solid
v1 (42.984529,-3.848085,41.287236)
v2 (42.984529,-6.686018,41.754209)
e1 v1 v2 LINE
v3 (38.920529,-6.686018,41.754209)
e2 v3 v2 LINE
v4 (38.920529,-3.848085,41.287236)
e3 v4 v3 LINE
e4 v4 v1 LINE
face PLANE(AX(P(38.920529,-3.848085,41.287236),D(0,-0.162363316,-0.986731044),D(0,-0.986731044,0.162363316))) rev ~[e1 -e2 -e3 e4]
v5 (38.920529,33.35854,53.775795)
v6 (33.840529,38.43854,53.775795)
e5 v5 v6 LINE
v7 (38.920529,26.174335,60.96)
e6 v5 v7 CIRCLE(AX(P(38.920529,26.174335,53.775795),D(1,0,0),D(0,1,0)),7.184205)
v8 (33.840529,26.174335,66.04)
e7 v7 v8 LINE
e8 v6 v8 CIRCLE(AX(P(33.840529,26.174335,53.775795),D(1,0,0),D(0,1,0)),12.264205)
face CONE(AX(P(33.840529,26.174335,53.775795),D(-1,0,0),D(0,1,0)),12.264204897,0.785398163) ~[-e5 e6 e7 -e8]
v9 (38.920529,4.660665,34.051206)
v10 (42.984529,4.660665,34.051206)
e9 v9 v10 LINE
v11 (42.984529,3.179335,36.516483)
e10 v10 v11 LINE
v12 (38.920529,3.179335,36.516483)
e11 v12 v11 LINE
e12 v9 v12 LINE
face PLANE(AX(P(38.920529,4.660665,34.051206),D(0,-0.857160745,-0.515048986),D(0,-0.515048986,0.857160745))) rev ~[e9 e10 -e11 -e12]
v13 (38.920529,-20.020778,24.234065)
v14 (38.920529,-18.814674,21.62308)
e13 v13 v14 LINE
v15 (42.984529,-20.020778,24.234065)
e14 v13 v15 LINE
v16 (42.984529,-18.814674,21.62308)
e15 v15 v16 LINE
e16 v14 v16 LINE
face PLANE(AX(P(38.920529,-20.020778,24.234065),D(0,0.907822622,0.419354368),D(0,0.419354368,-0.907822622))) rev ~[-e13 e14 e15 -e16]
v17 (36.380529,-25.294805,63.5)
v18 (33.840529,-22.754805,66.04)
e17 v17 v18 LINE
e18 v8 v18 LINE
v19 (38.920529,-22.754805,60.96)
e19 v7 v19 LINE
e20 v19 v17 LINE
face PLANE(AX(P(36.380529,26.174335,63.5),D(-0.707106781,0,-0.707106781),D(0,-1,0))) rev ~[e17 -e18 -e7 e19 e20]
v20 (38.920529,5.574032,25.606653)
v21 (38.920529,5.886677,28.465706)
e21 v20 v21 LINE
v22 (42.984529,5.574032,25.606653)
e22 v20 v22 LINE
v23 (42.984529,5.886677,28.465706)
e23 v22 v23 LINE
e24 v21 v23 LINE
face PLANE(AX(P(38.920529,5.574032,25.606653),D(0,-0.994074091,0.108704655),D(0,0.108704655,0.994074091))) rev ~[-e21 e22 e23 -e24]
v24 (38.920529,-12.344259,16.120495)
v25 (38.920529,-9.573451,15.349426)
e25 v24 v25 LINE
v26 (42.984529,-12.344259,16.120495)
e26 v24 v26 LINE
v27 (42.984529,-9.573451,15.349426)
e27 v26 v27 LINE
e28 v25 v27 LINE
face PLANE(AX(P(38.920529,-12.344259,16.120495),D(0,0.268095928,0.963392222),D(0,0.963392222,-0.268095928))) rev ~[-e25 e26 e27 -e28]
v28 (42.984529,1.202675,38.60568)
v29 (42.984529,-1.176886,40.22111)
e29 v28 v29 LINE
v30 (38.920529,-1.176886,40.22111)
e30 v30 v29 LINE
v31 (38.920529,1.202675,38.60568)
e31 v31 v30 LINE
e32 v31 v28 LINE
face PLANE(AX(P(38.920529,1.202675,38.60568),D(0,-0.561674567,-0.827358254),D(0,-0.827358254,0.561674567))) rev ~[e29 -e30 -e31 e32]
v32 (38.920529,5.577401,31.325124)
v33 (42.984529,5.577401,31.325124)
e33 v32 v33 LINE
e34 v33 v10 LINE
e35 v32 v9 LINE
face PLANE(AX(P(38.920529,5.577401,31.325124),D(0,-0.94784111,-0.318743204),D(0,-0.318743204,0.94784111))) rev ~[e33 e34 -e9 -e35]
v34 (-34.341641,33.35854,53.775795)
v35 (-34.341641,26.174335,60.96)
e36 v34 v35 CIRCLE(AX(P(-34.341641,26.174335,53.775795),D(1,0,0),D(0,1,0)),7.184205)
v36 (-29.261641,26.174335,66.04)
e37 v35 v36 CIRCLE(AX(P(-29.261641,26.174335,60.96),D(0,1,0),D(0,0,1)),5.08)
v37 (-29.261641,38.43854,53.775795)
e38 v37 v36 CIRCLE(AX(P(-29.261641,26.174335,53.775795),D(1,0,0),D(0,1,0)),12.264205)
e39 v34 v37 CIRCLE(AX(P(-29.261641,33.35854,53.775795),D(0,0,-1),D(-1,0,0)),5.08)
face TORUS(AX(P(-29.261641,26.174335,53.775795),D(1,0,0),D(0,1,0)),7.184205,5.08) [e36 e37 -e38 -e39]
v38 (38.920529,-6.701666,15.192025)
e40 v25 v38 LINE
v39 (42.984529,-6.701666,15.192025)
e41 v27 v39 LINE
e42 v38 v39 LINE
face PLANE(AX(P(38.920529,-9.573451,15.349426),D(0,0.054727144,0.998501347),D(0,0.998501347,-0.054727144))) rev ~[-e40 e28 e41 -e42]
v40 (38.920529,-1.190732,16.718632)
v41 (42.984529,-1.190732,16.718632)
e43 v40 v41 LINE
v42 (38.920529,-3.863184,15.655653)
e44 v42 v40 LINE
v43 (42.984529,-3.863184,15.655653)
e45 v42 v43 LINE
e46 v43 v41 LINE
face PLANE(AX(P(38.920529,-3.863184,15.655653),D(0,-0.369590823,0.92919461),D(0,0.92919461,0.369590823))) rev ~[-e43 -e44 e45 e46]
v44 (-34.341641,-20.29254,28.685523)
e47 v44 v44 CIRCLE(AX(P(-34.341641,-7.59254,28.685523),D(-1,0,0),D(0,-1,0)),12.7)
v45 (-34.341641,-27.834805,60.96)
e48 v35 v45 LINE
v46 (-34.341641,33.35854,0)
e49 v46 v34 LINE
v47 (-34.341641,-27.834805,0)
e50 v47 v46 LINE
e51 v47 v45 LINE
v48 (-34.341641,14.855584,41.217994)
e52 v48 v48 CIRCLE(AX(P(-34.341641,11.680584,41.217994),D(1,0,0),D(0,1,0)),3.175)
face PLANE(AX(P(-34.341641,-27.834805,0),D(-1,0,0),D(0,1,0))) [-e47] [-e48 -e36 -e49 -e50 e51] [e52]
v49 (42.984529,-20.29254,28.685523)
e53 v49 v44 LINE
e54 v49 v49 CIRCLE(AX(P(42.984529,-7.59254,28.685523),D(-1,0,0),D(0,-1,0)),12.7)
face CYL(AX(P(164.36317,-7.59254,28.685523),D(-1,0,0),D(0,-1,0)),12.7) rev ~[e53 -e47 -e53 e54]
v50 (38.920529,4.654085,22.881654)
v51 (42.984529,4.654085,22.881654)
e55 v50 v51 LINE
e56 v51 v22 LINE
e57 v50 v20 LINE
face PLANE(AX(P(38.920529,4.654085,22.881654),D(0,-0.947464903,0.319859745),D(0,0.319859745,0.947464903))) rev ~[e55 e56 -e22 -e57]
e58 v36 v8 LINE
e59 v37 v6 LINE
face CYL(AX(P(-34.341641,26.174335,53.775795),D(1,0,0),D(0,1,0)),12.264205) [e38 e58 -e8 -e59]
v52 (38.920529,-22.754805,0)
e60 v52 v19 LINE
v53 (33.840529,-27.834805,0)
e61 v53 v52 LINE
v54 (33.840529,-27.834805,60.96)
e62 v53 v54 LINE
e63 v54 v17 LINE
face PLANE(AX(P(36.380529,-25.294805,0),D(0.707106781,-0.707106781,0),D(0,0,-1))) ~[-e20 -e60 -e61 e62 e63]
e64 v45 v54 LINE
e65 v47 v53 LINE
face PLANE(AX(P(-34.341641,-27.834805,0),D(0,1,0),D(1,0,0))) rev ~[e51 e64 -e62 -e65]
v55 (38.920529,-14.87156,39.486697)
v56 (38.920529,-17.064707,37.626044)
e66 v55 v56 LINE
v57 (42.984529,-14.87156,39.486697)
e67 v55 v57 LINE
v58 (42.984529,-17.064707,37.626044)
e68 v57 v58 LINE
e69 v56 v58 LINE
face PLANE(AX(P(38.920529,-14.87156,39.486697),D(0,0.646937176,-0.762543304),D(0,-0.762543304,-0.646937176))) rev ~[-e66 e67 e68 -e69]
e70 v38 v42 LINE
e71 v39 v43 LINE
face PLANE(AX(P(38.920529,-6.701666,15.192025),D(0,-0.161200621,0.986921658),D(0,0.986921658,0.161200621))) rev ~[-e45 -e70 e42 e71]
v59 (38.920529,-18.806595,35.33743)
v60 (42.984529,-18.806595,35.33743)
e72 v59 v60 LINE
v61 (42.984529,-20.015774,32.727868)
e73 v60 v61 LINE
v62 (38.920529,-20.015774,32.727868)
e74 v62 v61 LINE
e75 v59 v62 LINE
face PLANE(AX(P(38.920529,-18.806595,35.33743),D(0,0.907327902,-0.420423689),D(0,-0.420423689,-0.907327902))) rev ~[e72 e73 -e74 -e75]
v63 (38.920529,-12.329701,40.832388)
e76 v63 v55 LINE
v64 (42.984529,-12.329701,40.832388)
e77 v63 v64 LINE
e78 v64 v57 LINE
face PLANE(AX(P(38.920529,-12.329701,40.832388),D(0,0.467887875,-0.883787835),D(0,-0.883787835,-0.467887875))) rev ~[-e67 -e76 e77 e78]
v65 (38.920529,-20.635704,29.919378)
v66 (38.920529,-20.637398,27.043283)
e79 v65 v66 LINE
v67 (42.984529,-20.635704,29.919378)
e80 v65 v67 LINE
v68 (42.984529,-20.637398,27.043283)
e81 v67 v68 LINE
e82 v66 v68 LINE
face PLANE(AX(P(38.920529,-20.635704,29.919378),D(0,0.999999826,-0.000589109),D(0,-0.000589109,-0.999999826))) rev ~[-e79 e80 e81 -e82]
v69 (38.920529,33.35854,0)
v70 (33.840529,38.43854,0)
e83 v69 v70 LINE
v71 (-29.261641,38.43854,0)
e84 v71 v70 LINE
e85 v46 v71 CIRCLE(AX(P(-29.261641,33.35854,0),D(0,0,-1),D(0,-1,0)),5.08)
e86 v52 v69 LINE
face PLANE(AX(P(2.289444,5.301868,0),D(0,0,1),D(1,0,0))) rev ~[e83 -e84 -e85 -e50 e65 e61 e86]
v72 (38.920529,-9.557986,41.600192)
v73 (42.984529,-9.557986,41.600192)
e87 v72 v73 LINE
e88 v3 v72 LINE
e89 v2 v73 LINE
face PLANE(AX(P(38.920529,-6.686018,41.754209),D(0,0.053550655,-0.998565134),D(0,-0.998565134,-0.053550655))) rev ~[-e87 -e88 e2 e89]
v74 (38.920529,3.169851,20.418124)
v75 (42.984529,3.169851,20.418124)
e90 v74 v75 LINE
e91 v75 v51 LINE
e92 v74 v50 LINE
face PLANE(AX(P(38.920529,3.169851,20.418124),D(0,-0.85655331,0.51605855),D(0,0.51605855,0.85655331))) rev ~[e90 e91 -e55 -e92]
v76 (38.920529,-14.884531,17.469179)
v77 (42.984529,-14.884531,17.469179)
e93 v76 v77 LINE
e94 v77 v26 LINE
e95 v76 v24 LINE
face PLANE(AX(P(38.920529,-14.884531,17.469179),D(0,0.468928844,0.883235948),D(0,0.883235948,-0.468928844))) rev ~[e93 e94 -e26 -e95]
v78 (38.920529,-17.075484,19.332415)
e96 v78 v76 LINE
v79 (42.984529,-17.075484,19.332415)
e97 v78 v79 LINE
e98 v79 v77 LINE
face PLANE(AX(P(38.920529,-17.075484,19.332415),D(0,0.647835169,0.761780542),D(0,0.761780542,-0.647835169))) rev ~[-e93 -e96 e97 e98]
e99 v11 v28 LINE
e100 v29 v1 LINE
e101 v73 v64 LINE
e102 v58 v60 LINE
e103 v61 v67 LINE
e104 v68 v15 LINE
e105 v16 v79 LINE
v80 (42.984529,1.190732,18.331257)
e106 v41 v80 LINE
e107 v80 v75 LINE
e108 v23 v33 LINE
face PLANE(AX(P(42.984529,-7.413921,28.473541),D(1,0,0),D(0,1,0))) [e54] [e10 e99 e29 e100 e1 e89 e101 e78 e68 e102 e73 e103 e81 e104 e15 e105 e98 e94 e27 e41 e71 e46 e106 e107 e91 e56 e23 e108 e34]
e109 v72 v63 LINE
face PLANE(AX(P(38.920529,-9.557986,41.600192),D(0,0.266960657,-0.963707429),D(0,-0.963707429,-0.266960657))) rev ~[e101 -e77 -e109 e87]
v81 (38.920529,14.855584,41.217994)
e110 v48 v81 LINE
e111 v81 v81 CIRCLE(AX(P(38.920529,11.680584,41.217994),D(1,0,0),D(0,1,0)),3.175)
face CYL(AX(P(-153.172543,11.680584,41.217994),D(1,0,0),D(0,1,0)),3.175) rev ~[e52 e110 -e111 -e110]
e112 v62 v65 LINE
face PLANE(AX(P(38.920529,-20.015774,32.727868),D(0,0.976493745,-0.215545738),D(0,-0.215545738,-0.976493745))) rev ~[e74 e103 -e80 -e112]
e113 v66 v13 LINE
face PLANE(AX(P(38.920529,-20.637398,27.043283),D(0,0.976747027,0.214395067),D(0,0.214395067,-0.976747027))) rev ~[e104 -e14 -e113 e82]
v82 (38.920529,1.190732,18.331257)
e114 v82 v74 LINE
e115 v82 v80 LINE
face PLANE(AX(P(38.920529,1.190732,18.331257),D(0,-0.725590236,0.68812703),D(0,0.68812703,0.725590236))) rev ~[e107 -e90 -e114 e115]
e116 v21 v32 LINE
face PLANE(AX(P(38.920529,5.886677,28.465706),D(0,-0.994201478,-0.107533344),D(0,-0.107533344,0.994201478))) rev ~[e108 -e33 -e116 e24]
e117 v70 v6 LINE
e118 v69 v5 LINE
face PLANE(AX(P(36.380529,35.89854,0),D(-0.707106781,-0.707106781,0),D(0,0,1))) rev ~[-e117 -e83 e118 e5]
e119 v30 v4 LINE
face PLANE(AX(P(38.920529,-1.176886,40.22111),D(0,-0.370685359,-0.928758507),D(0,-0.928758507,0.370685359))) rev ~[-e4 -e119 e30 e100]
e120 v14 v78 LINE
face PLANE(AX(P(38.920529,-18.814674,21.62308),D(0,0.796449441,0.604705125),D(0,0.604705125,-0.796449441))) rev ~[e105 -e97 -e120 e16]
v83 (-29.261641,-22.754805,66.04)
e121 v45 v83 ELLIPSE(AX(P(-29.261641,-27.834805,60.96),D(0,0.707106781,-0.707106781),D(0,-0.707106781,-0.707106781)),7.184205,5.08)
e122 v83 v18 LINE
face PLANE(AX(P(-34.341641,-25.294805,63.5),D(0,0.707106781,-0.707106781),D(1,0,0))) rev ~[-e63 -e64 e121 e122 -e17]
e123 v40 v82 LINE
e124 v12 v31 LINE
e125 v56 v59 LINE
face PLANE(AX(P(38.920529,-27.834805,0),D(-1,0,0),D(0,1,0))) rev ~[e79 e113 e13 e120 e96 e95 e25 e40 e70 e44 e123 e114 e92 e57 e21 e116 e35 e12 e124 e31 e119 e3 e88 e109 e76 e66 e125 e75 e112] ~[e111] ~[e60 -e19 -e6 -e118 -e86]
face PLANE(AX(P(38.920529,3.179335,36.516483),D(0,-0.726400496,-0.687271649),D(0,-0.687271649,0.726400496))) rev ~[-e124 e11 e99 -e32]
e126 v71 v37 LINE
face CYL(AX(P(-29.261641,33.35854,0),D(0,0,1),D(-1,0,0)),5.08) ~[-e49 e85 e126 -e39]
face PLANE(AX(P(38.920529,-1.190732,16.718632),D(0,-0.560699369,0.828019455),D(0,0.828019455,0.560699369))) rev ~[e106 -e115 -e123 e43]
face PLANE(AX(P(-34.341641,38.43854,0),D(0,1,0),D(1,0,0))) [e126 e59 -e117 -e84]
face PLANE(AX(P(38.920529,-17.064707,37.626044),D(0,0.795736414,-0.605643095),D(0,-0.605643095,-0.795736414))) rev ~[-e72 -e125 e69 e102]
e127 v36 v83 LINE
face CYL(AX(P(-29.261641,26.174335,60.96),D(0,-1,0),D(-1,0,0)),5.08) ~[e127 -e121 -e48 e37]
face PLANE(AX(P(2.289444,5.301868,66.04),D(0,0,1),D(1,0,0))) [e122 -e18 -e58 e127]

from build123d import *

# Parameters (mm, degrees)
F0_W      = 73.2621699572
F0_H      = 66.2733446807
F1_DEPTH  = 66.04
F2_R      = 12.2642048969
F4_D      = 6.35
F5_SIZE   = 5.08
F6_SIZE   = 5.08
F7_SIZE   = 5.08
F8_R      = 5.08
F10_DEPTH = 4.064
F12_D     = 25.4


with BuildPart() as f1:
    # F0 (on Top) → F1 (new body)
    with BuildSketch(Plane.XY):
        with Locations((2.2894442081, 5.3018676117)):
            Rectangle(F0_W, F0_H)
    extrude(amount=F1_DEPTH)

    # F2
    f2_edges = [f1.edges().sort_by_distance(p)[0] for p in [
        (2.289444, 38.43854, 66.04),
    ]]
    fillet(f2_edges, radius=F2_R)

    # F4 (through all)
    with Locations(Plane(origin=(-34.3416407704, 0, 0), x_dir=(0, -1, 0), z_dir=(-1, 0, 0))):
        with Locations((-11.6805844009, 41.2179939449)):
            Hole(F4_D / 2)

    # F5
    f5_edges = [f1.edges().sort_by_distance(p)[0] for p in [
        (2.289444, -27.834805, 66.04),
    ]]
    chamfer(f5_edges, length=F5_SIZE)

    # F6
    f6_edges = [f1.edges().sort_by_distance(p)[0] for p in [
        (38.920529, -27.834805, 30.48),
    ]]
    chamfer(f6_edges, length=F6_SIZE)

    # F7
    f7_edges = [f1.edges().sort_by_distance(p)[0] for p in [
        (38.920529, 34.846438, 62.447898),
    ]]
    chamfer(f7_edges, length=F7_SIZE)

    # F8
    f8_edges = [f1.edges().sort_by_distance(p)[0] for p in [
        (-34.341641, 34.846438, 62.447898),
    ]]
    fillet(f8_edges, radius=F8_R)

    # F9 (on face) → F10 (join)
    with BuildSketch(Plane.YZ.offset(38.9205291867)):
        Polygon((-1.1907316289, 16.7186320739), (1.1907316289, 18.3312571628), (3.169850874, 20.4181241781), (4.6540846899, 22.8816535376), (5.5740319532, 25.6066533465), (5.8866769522, 28.4657056424), (5.5774007542, 31.3251243174), (4.6606647705, 34.0512061324), (3.1793345569, 36.5164825315), (1.2026754677, 38.6056799302), (-1.1768861149, 40.2211097802), (-3.848084536, 41.2872363771), (-6.6860175264, 41.7542088262), (-9.5579864934, 41.6001920146), (-12.3297013601, 40.8323875974), (-14.87155982, 39.4866972558), (-17.0647073965, 37.6260439744), (-18.8065949465, 35.3374298329), (-20.015773744, 32.7278678847), (-20.6357039325, 29.9193783463), (-20.6373982652, 27.0432830671), (-20.0207775172, 24.2340650658), (-18.8146741891, 21.623080254), (-17.0754843323, 19.3324153794), (-14.8845305313, 17.4691793858), (-12.3442593509, 16.1204951174), (-9.5734510482, 15.3494255516), (-6.7016655399, 15.1920250443), (-3.8631843245, 15.6556534684), align=None)
    extrude(amount=F10_DEPTH)

    # F12 (through all)
    with Locations(Plane.YZ.offset(42.9845291867)):
        with Locations((-7.5925402343, 28.6855231971)):
            Hole(F12_D / 2)


solid = f1.part
